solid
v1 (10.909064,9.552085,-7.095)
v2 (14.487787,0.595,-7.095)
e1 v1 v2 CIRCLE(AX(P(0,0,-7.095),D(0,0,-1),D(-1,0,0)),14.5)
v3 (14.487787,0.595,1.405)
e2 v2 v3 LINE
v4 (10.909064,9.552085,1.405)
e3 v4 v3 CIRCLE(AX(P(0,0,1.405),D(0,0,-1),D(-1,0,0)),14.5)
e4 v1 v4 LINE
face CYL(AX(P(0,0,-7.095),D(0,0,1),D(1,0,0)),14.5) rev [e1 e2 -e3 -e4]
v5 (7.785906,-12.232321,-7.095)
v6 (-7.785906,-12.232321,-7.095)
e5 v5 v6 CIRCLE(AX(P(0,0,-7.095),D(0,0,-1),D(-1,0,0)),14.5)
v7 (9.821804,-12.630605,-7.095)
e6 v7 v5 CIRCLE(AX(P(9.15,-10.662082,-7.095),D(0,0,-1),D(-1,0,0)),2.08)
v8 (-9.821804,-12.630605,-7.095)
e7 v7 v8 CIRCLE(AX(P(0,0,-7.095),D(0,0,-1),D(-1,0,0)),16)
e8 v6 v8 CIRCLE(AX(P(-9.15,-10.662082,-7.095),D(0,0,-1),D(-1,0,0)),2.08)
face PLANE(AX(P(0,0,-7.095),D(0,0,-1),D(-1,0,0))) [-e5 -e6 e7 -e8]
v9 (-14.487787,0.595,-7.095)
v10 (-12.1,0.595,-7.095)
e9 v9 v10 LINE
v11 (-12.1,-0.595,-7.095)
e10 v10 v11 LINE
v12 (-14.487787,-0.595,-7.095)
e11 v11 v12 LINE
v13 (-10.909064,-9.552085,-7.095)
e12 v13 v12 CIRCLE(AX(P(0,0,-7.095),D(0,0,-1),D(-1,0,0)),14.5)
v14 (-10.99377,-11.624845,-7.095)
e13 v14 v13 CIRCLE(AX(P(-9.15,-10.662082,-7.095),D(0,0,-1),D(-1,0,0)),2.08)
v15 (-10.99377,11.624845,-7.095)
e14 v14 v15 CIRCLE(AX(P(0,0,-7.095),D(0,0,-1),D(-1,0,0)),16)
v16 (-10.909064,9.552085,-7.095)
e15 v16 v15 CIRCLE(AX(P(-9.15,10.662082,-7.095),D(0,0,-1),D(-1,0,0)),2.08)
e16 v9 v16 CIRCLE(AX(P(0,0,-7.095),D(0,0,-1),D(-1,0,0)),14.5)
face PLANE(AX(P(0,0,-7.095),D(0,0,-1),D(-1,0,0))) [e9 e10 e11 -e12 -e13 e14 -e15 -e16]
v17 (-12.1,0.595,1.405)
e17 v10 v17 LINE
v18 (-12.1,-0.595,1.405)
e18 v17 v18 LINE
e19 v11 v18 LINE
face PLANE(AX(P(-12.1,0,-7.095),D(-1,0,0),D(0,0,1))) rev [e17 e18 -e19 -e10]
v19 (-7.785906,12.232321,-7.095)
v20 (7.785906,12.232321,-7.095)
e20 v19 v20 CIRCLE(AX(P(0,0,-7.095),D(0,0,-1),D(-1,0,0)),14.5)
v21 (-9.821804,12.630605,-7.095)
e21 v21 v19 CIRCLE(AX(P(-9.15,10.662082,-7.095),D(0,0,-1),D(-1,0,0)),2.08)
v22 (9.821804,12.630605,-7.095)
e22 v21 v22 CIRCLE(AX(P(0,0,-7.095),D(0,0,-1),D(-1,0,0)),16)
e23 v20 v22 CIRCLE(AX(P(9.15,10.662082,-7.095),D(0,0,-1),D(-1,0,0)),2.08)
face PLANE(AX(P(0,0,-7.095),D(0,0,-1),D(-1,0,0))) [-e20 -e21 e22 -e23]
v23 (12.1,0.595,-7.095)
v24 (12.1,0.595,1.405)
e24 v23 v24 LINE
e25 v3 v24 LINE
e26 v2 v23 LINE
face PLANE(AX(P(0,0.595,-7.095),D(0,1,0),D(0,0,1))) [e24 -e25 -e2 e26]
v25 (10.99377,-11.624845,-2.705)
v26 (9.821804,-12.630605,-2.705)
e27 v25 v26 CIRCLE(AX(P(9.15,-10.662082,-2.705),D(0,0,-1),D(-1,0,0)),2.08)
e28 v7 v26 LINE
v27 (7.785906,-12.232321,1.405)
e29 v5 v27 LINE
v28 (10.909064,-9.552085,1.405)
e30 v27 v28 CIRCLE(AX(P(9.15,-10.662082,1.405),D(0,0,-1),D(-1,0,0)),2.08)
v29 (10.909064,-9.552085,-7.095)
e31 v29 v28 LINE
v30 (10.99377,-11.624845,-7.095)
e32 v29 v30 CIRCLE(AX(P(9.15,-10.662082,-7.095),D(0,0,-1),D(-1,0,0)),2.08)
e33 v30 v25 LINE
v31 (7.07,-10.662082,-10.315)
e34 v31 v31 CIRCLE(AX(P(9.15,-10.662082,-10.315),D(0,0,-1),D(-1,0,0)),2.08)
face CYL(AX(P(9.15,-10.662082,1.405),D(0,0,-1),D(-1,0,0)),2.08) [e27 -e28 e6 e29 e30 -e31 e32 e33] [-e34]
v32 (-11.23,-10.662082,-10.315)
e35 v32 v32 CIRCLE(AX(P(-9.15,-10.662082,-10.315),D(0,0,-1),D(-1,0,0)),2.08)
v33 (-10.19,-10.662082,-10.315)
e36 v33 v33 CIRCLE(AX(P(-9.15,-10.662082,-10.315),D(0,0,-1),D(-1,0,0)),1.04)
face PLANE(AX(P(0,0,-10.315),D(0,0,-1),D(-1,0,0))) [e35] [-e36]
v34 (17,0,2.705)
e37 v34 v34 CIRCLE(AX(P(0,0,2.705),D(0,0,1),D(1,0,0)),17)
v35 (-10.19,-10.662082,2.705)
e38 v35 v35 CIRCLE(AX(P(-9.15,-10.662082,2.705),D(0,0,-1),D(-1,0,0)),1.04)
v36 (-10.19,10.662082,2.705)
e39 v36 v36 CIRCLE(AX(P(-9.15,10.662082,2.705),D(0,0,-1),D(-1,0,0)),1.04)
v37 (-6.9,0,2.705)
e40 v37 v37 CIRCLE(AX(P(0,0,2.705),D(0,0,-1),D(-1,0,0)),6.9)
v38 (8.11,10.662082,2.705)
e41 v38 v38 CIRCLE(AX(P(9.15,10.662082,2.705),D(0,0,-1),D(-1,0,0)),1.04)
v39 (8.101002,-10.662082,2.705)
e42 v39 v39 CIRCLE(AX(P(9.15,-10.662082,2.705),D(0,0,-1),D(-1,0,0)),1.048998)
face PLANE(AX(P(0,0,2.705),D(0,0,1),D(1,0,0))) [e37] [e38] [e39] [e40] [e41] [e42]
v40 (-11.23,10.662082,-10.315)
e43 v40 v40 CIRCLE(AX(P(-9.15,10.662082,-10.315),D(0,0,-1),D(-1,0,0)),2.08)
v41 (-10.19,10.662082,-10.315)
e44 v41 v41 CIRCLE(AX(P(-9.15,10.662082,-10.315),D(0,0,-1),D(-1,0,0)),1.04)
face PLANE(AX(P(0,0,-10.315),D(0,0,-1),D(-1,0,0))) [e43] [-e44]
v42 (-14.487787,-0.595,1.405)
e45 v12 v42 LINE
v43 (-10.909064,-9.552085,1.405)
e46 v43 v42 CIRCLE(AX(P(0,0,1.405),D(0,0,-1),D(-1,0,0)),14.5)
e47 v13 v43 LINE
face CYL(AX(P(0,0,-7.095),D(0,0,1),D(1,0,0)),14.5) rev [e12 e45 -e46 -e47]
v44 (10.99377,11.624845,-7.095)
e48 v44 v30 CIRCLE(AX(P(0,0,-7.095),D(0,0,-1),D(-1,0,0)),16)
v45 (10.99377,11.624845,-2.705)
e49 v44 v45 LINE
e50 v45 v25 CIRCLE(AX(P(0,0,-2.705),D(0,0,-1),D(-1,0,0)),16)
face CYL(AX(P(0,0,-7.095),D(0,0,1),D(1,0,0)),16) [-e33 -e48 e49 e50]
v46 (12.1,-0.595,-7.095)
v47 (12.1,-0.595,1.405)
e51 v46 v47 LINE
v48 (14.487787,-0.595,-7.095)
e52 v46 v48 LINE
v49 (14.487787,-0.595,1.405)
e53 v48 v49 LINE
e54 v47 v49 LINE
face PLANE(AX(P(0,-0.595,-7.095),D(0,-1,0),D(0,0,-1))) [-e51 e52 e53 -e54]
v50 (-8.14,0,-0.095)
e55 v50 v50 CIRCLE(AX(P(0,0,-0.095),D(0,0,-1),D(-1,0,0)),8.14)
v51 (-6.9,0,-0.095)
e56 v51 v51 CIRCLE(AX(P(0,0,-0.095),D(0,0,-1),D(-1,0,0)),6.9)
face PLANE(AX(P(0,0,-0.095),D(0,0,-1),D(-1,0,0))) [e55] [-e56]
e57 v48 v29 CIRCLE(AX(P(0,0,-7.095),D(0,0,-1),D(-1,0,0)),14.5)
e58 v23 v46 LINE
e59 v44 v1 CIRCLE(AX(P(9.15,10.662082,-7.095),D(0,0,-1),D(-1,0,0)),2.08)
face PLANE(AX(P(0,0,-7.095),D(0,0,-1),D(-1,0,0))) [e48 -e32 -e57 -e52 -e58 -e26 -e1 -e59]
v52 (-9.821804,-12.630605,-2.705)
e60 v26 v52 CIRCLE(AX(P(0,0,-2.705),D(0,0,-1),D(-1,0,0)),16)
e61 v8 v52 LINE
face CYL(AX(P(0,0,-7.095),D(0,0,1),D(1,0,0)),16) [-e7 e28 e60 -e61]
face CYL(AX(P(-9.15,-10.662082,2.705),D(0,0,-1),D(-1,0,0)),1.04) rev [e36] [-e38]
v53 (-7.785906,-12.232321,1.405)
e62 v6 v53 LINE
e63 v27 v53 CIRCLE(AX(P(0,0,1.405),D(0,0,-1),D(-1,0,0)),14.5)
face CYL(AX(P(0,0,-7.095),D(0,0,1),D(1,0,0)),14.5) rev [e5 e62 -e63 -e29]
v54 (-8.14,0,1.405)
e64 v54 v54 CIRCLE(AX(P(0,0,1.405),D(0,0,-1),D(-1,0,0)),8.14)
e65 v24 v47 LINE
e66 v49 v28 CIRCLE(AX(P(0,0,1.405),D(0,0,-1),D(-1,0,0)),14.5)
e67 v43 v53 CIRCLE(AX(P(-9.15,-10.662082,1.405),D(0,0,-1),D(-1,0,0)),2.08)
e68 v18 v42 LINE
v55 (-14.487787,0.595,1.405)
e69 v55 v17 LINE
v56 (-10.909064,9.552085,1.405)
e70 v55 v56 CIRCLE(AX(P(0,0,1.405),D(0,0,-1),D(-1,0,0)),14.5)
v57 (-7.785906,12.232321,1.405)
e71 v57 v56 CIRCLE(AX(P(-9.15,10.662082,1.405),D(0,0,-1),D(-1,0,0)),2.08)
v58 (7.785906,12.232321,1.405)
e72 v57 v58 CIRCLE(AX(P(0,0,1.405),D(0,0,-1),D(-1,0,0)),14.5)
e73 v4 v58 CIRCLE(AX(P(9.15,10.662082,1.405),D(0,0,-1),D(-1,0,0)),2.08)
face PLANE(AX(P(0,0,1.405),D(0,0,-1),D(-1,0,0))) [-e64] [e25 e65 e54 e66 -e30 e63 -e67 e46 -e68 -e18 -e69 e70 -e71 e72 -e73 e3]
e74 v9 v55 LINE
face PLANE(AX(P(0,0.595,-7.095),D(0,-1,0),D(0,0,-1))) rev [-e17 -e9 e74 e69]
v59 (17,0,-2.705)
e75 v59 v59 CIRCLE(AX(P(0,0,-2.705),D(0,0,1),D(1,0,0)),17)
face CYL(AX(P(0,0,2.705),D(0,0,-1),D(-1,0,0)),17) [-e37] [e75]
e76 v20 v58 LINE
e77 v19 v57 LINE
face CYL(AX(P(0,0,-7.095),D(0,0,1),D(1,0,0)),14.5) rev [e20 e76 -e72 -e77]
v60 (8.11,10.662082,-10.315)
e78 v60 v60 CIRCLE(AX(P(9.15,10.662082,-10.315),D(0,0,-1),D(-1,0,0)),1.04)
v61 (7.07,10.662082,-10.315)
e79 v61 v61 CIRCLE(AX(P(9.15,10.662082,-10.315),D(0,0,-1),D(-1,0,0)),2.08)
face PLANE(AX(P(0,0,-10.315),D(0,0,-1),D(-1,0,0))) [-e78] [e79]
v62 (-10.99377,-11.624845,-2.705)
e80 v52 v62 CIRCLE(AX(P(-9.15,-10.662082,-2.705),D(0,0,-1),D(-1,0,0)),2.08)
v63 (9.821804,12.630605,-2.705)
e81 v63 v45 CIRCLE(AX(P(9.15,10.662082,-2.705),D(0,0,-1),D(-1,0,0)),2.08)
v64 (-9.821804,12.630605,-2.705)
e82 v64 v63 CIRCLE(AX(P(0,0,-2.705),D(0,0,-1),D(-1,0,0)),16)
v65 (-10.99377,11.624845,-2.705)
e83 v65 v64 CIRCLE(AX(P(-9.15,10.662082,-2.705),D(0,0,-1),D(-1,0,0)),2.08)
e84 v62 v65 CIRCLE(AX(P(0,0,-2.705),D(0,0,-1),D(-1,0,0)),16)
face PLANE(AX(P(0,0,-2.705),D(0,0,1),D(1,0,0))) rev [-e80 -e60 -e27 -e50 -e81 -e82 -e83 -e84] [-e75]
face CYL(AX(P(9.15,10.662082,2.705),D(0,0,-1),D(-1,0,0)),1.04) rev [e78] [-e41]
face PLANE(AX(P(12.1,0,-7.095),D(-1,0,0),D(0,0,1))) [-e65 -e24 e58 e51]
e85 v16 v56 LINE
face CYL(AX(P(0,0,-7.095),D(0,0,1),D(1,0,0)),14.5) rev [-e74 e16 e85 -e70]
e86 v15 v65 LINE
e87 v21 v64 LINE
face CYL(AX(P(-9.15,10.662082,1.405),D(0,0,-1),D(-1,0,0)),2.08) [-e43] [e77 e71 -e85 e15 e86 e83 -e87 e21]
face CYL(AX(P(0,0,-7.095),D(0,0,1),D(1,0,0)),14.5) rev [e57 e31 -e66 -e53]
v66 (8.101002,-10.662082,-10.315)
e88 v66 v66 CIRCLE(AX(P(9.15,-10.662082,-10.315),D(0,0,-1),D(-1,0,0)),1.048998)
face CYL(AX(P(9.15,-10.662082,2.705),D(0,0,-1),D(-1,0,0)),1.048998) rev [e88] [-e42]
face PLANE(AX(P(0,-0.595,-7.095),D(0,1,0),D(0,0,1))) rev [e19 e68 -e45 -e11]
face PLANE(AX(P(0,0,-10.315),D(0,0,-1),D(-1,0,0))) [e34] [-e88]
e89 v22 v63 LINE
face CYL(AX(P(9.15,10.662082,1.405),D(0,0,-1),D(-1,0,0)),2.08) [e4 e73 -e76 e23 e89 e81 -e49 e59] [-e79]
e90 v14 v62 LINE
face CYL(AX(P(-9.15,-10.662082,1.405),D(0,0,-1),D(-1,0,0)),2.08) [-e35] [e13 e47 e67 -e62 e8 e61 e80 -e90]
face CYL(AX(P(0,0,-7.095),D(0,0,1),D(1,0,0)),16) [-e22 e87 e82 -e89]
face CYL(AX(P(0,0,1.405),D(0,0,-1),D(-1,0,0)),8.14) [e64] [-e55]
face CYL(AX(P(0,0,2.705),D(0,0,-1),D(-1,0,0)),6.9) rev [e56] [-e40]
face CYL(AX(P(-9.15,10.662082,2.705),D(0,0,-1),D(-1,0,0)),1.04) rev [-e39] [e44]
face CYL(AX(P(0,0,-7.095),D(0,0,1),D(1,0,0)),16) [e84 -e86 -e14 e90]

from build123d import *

# Parameters (mm, degrees)
SKETCH1_R               = 17
BOSS_EXTRUDE2_DEPTH     = 2.705
BOSS_EXTRUDE3_DEPTH     = 4.39
SKETCH6_3_R             = 6.9
CUT_EXTRUDE2_DEPTH      = 5.39
CUT_EXTRUDE2_DEPTH_BACK = 6.41
SKETCH6_6_R             = 8.14
CUT_EXTRUDE3_DEPTH      = 4.11
SKETCH6_7_R             = 8.14
SKETCH6_7_R_2           = 6.9
CUT_EXTRUDE4_DEPTH      = 2.61
SKETCH6_12_R            = 1.04
SKETCH6_12_R_2          = 1.048997708
CUT_EXTRUDE5_DEPTH      = 6.41
SKETCH6_13_R            = 2.08
SKETCH6_13_R_2          = 1.04
SKETCH6_13_R_3          = 1.048997708
BOSS_EXTRUDE4_DEPTH     = 7.61


with BuildPart() as part:
    # Sketch1 → Boss-Extrude2 (new body, symmetric)
    with BuildSketch(Plane.XY):
        Circle(SKETCH1_R)
    extrude(amount=BOSS_EXTRUDE2_DEPTH, both=True)

    # Sketch6 → Boss-Extrude3 (add)
    with BuildSketch(Plane(origin=(0, 0, -2.705), x_dir=(-1, 0, 0), z_dir=(0, 0, -1))):
        with BuildLine():
            ThreePointArc((-7.785906142, 12.23232053), (0, 14.5), (7.785906142, 12.23232053))
            ThreePointArc((7.785906142, 12.23232053), (8.750658086, 12.703387332), (9.821803695, 12.630604585))
            ThreePointArc((9.821803695, 12.630604585), (0, 16), (-9.821803695, 12.630604585))
            ThreePointArc((-9.821803695, 12.630604585), (-8.750658086, 12.703387332), (-7.785906142, 12.23232053))
        make_face()
        with BuildLine():
            ThreePointArc((10.909063856, 9.552084892), (13.46504185, 5.379837169), (14.487787098, 0.595))
            ThreePointArc((14.487787098, 0.595), (14.5, 0), (14.487787098, -0.595))
            ThreePointArc((14.487787098, -0.595), (13.46504185, -5.379837169), (10.909063856, -9.552084892))
            ThreePointArc((10.909063856, -9.552084892), (11.148155752, -10.084350931), (11.23, -10.662082348))
            ThreePointArc((11.23, -10.662082348), (11.170079442, -11.157742564), (10.993770145, -11.624844859))
            ThreePointArc((10.993770145, -11.624844859), (16, 0), (10.993770145, 11.624844859))
            ThreePointArc((10.993770145, 11.624844859), (11.170079442, 11.157742564), (11.23, 10.662082348))
            ThreePointArc((11.23, 10.662082348), (11.148155752, 10.084350931), (10.909063856, 9.552084892))
        make_face()
        with BuildLine():
            ThreePointArc((9.821803695, -12.630604585), (8.750658086, -12.703387332), (7.785906142, -12.23232053))
            ThreePointArc((7.785906142, -12.23232053), (0, -14.5), (-7.785906142, -12.23232053))
            ThreePointArc((-7.785906142, -12.23232053), (-8.750658086, -12.703387332), (-9.821803695, -12.630604585))
            ThreePointArc((-9.821803695, -12.630604585), (0, -16), (9.821803695, -12.630604585))
        make_face()
        with BuildLine():
            ThreePointArc((-14.487787098, 0.595), (-13.46504185, 5.379837169), (-10.909063856, 9.552084892))
            ThreePointArc((-10.909063856, 9.552084892), (-11.228265305, 10.577151075), (-10.993770145, 11.624844859))
            ThreePointArc((-10.993770145, 11.624844859), (-16, 0), (-10.993770145, -11.624844859))
            ThreePointArc((-10.993770145, -11.624844859), (-11.228265305, -10.577151075), (-10.909063856, -9.552084892))
            ThreePointArc((-10.909063856, -9.552084892), (-13.46504185, -5.379837169), (-14.487787098, -0.595))
            ThreePointArc((-14.487787098, -0.595), (-14.5, 0), (-14.487787098, 0.595))
        make_face()
        with BuildLine():
            Line((-12.1, 0.595), (-14.487787098, 0.595))
            ThreePointArc((-14.487787098, 0.595), (-14.5, 0), (-14.487787098, -0.595))
            Line((-14.487787098, -0.595), (-12.1, -0.595))
            Line((-12.1, -0.595), (-12.1, 0.595))
        make_face()
        with BuildLine():
            ThreePointArc((14.487787098, -0.595), (14.5, 0), (14.487787098, 0.595))
            Line((14.487787098, 0.595), (12.1, 0.595))
            Line((12.1, 0.595), (12.1, -0.595))
            Line((12.1, -0.595), (14.487787098, -0.595))
        make_face()
    extrude(amount=BOSS_EXTRUDE3_DEPTH)

    # Sketch6<3> → Cut-Extrude2 (cut, two sides)
    with BuildSketch(Plane(origin=(0, 0, -2.705), x_dir=(-1, 0, 0), z_dir=(0, 0, -1))) as cut_extrude2_sk:
        Circle(SKETCH6_3_R)
    extrude(amount=CUT_EXTRUDE2_DEPTH, mode=Mode.SUBTRACT)
    extrude(cut_extrude2_sk.sketch, amount=-CUT_EXTRUDE2_DEPTH_BACK, mode=Mode.SUBTRACT)

    # Sketch6<6> → Cut-Extrude3 (cut)
    with BuildSketch(Plane(origin=(0, 0, -2.705), x_dir=(-1, 0, 0), z_dir=(0, 0, -1))):
        with BuildLine():
            Line((12.1, 0.595), (14.487787098, 0.595))
            ThreePointArc((14.487787098, 0.595), (13.46504185, 5.379837169), (10.909063856, 9.552084892))
            ThreePointArc((10.909063856, 9.552084892), (7.795409253, 9.08363884), (7.785906142, 12.23232053))
            ThreePointArc((7.785906142, 12.23232053), (0, 14.5), (-7.785906142, 12.23232053))
            ThreePointArc((-7.785906142, 12.23232053), (-7.257420382, 11.524951045), (-7.07, 10.662082348))
            ThreePointArc((-7.07, 10.662082348), (-8.572268583, 8.663926596), (-10.909063856, 9.552084892))
            ThreePointArc((-10.909063856, 9.552084892), (-13.46504185, 5.379837169), (-14.487787098, 0.595))
            Line((-14.487787098, 0.595), (-12.1, 0.595))
            Line((-12.1, 0.595), (-12.1, -0.595))
            Line((-12.1, -0.595), (-14.487787098, -0.595))
            ThreePointArc((-14.487787098, -0.595), (-13.46504185, -5.379837169), (-10.909063856, -9.552084892))
            ThreePointArc((-10.909063856, -9.552084892), (-8.572268583, -8.663926596), (-7.07, -10.662082348))
            ThreePointArc((-7.07, -10.662082348), (-7.257420382, -11.524951045), (-7.785906142, -12.23232053))
            ThreePointArc((-7.785906142, -12.23232053), (0, -14.5), (7.785906142, -12.23232053))
            ThreePointArc((7.785906142, -12.23232053), (7.795409253, -9.08363884), (10.909063856, -9.552084892))
            ThreePointArc((10.909063856, -9.552084892), (13.46504185, -5.379837169), (14.487787098, -0.595))
            Line((14.487787098, -0.595), (12.1, -0.595))
            Line((12.1, -0.595), (12.1, 0.595))
        make_face()
        Circle(SKETCH6_6_R, mode=Mode.SUBTRACT)
    extrude(amount=-CUT_EXTRUDE3_DEPTH, mode=Mode.SUBTRACT)

    # Sketch6<7> → Cut-Extrude4 (cut)
    with BuildSketch(Plane(origin=(0, 0, -2.705), x_dir=(-1, 0, 0), z_dir=(0, 0, -1))):
        Circle(SKETCH6_7_R)
        Circle(SKETCH6_7_R_2, mode=Mode.SUBTRACT)
    extrude(amount=-CUT_EXTRUDE4_DEPTH, mode=Mode.SUBTRACT)

    # Sketch6<12> → Cut-Extrude5 (cut, through all)
    with BuildSketch(Plane(origin=(0, 0, -2.705), x_dir=(-1, 0, 0), z_dir=(0, 0, -1))):
        with Locations((9.15, -10.662082348)):
            Circle(SKETCH6_12_R)
        with Locations((-9.15, -10.662082348)):
            Circle(SKETCH6_12_R_2)
        with Locations((9.15, 10.662082348)):
            Circle(SKETCH6_12_R)
        with Locations((-9.15, 10.662082348)):
            Circle(SKETCH6_12_R)
    extrude(amount=-CUT_EXTRUDE5_DEPTH, mode=Mode.SUBTRACT)

    # Sketch6<13> → Boss-Extrude4 (add)
    with BuildSketch(Plane(origin=(0, 0, -2.705), x_dir=(-1, 0, 0), z_dir=(0, 0, -1))):
        with Locations((9.15, 10.662082348)):
            Circle(SKETCH6_13_R)
        with Locations((9.15, 10.662082348)):
            Circle(SKETCH6_13_R_2, mode=Mode.SUBTRACT)
        with Locations((9.15, -10.662082348)):
            Circle(SKETCH6_13_R)
        with Locations((9.15, -10.662082348)):
            Circle(SKETCH6_13_R_2, mode=Mode.SUBTRACT)
        with Locations((-9.15, 10.662082348)):
            Circle(SKETCH6_13_R)
        with Locations((-9.15, 10.662082348)):
            Circle(SKETCH6_13_R_2, mode=Mode.SUBTRACT)
        with Locations((-9.15, -10.662082348)):
            Circle(SKETCH6_13_R)
        with Locations((-9.15, -10.662082348)):
            Circle(SKETCH6_13_R_3, mode=Mode.SUBTRACT)
    extrude(amount=BOSS_EXTRUDE4_DEPTH)


solid = part.part
